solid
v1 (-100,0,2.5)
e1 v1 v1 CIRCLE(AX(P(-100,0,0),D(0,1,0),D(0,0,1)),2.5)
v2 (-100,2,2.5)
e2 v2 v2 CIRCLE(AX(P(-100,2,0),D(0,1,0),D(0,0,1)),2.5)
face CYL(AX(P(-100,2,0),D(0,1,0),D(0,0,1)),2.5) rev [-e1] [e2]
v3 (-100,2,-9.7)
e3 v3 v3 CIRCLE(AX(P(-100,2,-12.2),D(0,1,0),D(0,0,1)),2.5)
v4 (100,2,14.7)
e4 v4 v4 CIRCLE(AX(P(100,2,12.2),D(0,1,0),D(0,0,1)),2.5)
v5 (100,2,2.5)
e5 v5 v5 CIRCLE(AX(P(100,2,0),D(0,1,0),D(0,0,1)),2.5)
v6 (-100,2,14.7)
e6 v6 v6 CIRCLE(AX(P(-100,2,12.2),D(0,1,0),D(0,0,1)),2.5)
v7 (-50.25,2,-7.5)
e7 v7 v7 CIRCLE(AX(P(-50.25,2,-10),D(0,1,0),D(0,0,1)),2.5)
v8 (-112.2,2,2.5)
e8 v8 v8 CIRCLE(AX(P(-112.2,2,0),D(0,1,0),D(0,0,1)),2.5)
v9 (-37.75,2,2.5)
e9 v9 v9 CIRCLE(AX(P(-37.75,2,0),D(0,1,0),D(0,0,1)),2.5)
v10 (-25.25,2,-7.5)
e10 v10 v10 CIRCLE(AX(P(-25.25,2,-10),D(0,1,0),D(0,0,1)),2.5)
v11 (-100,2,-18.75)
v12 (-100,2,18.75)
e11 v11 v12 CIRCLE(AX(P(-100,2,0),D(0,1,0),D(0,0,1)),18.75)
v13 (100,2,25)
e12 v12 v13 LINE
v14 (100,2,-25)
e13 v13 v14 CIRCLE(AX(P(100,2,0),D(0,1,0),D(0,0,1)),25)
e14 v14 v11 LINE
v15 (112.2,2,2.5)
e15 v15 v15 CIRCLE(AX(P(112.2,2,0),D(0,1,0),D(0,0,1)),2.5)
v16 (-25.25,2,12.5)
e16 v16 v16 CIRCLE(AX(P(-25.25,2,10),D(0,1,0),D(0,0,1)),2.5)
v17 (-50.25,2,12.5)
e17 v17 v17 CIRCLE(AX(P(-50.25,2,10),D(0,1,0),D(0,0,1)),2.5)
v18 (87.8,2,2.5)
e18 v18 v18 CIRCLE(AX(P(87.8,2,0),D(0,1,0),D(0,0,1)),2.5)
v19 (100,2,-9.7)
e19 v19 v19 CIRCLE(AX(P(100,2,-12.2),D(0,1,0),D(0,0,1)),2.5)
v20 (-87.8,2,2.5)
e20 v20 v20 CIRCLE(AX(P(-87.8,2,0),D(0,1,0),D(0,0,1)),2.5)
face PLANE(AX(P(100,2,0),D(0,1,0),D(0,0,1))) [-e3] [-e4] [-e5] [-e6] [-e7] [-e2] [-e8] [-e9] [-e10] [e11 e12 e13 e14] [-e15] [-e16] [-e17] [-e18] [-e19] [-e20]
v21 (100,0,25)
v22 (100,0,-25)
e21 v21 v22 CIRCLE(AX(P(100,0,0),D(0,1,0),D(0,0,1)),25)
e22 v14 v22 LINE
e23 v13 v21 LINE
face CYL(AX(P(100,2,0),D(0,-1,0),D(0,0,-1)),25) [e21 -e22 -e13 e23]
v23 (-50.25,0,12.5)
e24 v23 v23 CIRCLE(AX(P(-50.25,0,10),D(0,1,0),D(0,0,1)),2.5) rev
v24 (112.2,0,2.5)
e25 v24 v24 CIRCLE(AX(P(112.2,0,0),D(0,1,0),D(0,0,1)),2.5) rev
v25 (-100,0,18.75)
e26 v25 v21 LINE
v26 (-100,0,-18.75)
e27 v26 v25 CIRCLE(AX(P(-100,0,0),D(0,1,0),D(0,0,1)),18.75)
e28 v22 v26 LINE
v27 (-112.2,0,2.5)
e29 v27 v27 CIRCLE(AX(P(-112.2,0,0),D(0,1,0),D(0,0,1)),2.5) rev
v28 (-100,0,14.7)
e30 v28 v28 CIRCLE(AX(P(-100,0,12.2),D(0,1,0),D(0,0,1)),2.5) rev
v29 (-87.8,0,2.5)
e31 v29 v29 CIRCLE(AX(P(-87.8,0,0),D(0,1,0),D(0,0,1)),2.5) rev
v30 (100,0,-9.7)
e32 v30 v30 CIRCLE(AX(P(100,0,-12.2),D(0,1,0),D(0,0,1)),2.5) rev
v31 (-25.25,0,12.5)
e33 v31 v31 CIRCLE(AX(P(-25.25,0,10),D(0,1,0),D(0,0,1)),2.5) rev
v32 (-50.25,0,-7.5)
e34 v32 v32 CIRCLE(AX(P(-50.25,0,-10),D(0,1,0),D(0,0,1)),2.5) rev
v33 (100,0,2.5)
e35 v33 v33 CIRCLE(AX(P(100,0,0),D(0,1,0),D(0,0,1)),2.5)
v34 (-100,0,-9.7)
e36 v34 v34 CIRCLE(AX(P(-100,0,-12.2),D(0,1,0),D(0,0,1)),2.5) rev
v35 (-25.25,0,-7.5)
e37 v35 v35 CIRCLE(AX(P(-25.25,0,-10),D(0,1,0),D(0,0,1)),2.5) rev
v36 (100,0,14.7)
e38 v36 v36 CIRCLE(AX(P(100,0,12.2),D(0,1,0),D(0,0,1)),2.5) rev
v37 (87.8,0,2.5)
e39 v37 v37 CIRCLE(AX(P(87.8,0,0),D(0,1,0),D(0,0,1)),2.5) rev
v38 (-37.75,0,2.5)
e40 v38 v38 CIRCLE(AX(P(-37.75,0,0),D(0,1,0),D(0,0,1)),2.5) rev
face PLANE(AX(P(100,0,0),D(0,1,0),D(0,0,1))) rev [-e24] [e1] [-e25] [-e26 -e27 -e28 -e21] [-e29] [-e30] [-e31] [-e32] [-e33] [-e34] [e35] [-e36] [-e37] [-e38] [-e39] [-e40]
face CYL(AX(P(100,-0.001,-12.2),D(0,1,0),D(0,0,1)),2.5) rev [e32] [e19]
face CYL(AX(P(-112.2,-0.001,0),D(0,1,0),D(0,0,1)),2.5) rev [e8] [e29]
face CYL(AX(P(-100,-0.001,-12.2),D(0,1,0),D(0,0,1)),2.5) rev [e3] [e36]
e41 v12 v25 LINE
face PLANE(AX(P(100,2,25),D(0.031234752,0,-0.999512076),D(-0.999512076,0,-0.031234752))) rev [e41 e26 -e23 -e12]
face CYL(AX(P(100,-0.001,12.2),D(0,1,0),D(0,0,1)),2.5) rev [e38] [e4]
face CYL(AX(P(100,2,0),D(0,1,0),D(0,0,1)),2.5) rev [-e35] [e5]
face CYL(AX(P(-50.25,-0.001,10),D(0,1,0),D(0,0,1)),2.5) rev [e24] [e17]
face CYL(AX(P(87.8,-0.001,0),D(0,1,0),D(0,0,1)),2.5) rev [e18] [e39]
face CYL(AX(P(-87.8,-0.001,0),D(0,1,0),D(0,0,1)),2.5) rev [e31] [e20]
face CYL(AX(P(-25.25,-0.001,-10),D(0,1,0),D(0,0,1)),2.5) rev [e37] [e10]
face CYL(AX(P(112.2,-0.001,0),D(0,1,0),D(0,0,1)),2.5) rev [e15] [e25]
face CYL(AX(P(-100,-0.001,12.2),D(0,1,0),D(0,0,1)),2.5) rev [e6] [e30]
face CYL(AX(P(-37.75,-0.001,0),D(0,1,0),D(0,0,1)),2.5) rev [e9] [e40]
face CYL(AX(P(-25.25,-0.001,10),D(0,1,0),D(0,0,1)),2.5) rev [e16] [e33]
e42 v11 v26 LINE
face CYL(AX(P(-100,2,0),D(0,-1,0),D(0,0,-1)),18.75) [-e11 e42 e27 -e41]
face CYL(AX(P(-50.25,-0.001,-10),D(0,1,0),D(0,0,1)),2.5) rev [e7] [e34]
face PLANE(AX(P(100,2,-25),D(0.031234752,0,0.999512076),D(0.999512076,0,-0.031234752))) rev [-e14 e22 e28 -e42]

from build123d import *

# Parameters (mm, degrees)
BOSS_EXTRUDE1_DEPTH       = 2
F_5_0MM_DOWEL_HOLE1_D     = 5
F_5_0MM_DOWEL_HOLE1_DEPTH = 2
CUT_EXTRUDE1_REACH        = 4
SKETCH4_R                 = 2.5
CUT_EXTRUDE2_REACH        = 4
SKETCH16_R                = 2.5


with BuildPart() as part:
    # Sketch2 → Boss-Extrude1 (new body)
    with BuildSketch(Plane(origin=(0, 0, 0), x_dir=(1, 0, 0), z_dir=(0, 1, 0))):
        with BuildLine():
            Line((100, 25), (-100, 18.75))
            ThreePointArc((-100, 18.75), (-118.75, 0), (-100, -18.75))
            Line((-100, -18.75), (100, -25))
            ThreePointArc((100, -25), (125, 0), (100, 25))
        make_face()
    extrude(amount=BOSS_EXTRUDE1_DEPTH)

    # Ø5.0mm Dowel Hole1
    with Locations(Plane(origin=(0, 2, 0), x_dir=(1, 0, 0), z_dir=(0, 1, 0))):
        with Locations((100, 0), (-100, 0)):
            Hole(F_5_0MM_DOWEL_HOLE1_D / 2, depth=F_5_0MM_DOWEL_HOLE1_DEPTH)

    # Sketch4 → Cut-Extrude1 (cut, up to next)
    with BuildSketch(Plane(origin=(0, 2, 0), x_dir=(1, 0, 0), z_dir=(0, 1, 0)), mode=Mode.PRIVATE) as cut_extrude1_sk1:
        with Locations((100, 12.2)):
            Circle(SKETCH4_R)
    cut_extrude1_tool1 = extrude(cut_extrude1_sk1.sketch, amount=-CUT_EXTRUDE1_REACH, mode=Mode.PRIVATE) & part.part
    add(cut_extrude1_tool1.solids().sort_by_distance((100, 2, -12.2))[0], mode=Mode.SUBTRACT)
    # Sketch4 → Cut-Extrude1 (cut, up to next)
    with BuildSketch(Plane(origin=(0, 2, 0), x_dir=(1, 0, 0), z_dir=(0, 1, 0)), mode=Mode.PRIVATE) as cut_extrude1_sk2:
        with Locations((100, -12.2)):
            Circle(SKETCH4_R)
    cut_extrude1_tool2 = extrude(cut_extrude1_sk2.sketch, amount=-CUT_EXTRUDE1_REACH, mode=Mode.PRIVATE) & part.part
    add(cut_extrude1_tool2.solids().sort_by_distance((100, 2, 12.2))[0], mode=Mode.SUBTRACT)
    # Sketch4 → Cut-Extrude1 (cut, up to next)
    with BuildSketch(Plane(origin=(0, 2, 0), x_dir=(1, 0, 0), z_dir=(0, 1, 0)), mode=Mode.PRIVATE) as cut_extrude1_sk3:
        with Locations((112.2, 0)):
            Circle(SKETCH4_R)
    cut_extrude1_tool3 = extrude(cut_extrude1_sk3.sketch, amount=-CUT_EXTRUDE1_REACH, mode=Mode.PRIVATE) & part.part
    add(cut_extrude1_tool3.solids().sort_by_distance((112.2, 2, 0))[0], mode=Mode.SUBTRACT)
    # Sketch4 → Cut-Extrude1 (cut, up to next)
    with BuildSketch(Plane(origin=(0, 2, 0), x_dir=(1, 0, 0), z_dir=(0, 1, 0)), mode=Mode.PRIVATE) as cut_extrude1_sk4:
        with Locations((87.8, 0)):
            Circle(SKETCH4_R)
    cut_extrude1_tool4 = extrude(cut_extrude1_sk4.sketch, amount=-CUT_EXTRUDE1_REACH, mode=Mode.PRIVATE) & part.part
    add(cut_extrude1_tool4.solids().sort_by_distance((87.8, 2, 0))[0], mode=Mode.SUBTRACT)
    # Sketch4 → Cut-Extrude1 (cut, up to next)
    with BuildSketch(Plane(origin=(0, 2, 0), x_dir=(1, 0, 0), z_dir=(0, 1, 0)), mode=Mode.PRIVATE) as cut_extrude1_sk5:
        with Locations((-100, 12.2)):
            Circle(SKETCH4_R)
    cut_extrude1_tool5 = extrude(cut_extrude1_sk5.sketch, amount=-CUT_EXTRUDE1_REACH, mode=Mode.PRIVATE) & part.part
    add(cut_extrude1_tool5.solids().sort_by_distance((-100, 2, -12.2))[0], mode=Mode.SUBTRACT)
    # Sketch4 → Cut-Extrude1 (cut, up to next)
    with BuildSketch(Plane(origin=(0, 2, 0), x_dir=(1, 0, 0), z_dir=(0, 1, 0)), mode=Mode.PRIVATE) as cut_extrude1_sk6:
        with Locations((-87.8, 0)):
            Circle(SKETCH4_R)
    cut_extrude1_tool6 = extrude(cut_extrude1_sk6.sketch, amount=-CUT_EXTRUDE1_REACH, mode=Mode.PRIVATE) & part.part
    add(cut_extrude1_tool6.solids().sort_by_distance((-87.8, 2, 0))[0], mode=Mode.SUBTRACT)
    # Sketch4 → Cut-Extrude1 (cut, up to next)
    with BuildSketch(Plane(origin=(0, 2, 0), x_dir=(1, 0, 0), z_dir=(0, 1, 0)), mode=Mode.PRIVATE) as cut_extrude1_sk7:
        with Locations((-112.2, 0)):
            Circle(SKETCH4_R)
    cut_extrude1_tool7 = extrude(cut_extrude1_sk7.sketch, amount=-CUT_EXTRUDE1_REACH, mode=Mode.PRIVATE) & part.part
    add(cut_extrude1_tool7.solids().sort_by_distance((-112.2, 2, 0))[0], mode=Mode.SUBTRACT)
    # Sketch4 → Cut-Extrude1 (cut, up to next)
    with BuildSketch(Plane(origin=(0, 2, 0), x_dir=(1, 0, 0), z_dir=(0, 1, 0)), mode=Mode.PRIVATE) as cut_extrude1_sk8:
        with Locations((-100, -12.2)):
            Circle(SKETCH4_R)
    cut_extrude1_tool8 = extrude(cut_extrude1_sk8.sketch, amount=-CUT_EXTRUDE1_REACH, mode=Mode.PRIVATE) & part.part
    add(cut_extrude1_tool8.solids().sort_by_distance((-100, 2, 12.2))[0], mode=Mode.SUBTRACT)

    # Sketch16 → Cut-Extrude2 (cut, up to next)
    with BuildSketch(Plane(origin=(0, 2, 0), x_dir=(1, 0, 0), z_dir=(0, 1, 0)), mode=Mode.PRIVATE) as cut_extrude2_sk1:
        with Locations((-37.749999999, 0)):
            Circle(SKETCH16_R)
    cut_extrude2_tool1 = extrude(cut_extrude2_sk1.sketch, amount=-CUT_EXTRUDE2_REACH, mode=Mode.PRIVATE) & part.part
    add(cut_extrude2_tool1.solids().sort_by_distance((-37.75, 2, 0))[0], mode=Mode.SUBTRACT)
    # Sketch16 → Cut-Extrude2 (cut, up to next)
    with BuildSketch(Plane(origin=(0, 2, 0), x_dir=(1, 0, 0), z_dir=(0, 1, 0)), mode=Mode.PRIVATE) as cut_extrude2_sk2:
        with Locations((-25.249999999, 10)):
            Circle(SKETCH16_R)
    cut_extrude2_tool2 = extrude(cut_extrude2_sk2.sketch, amount=-CUT_EXTRUDE2_REACH, mode=Mode.PRIVATE) & part.part
    add(cut_extrude2_tool2.solids().sort_by_distance((-25.25, 2, -10))[0], mode=Mode.SUBTRACT)
    # Sketch16 → Cut-Extrude2 (cut, up to next)
    with BuildSketch(Plane(origin=(0, 2, 0), x_dir=(1, 0, 0), z_dir=(0, 1, 0)), mode=Mode.PRIVATE) as cut_extrude2_sk3:
        with Locations((-25.249999999, -10)):
            Circle(SKETCH16_R)
    cut_extrude2_tool3 = extrude(cut_extrude2_sk3.sketch, amount=-CUT_EXTRUDE2_REACH, mode=Mode.PRIVATE) & part.part
    add(cut_extrude2_tool3.solids().sort_by_distance((-25.25, 2, 10))[0], mode=Mode.SUBTRACT)
    # Sketch16 → Cut-Extrude2 (cut, up to next)
    with BuildSketch(Plane(origin=(0, 2, 0), x_dir=(1, 0, 0), z_dir=(0, 1, 0)), mode=Mode.PRIVATE) as cut_extrude2_sk4:
        with Locations((-50.249999999, 10)):
            Circle(SKETCH16_R)
    cut_extrude2_tool4 = extrude(cut_extrude2_sk4.sketch, amount=-CUT_EXTRUDE2_REACH, mode=Mode.PRIVATE) & part.part
    add(cut_extrude2_tool4.solids().sort_by_distance((-50.25, 2, -10))[0], mode=Mode.SUBTRACT)
    # Sketch16 → Cut-Extrude2 (cut, up to next)
    with BuildSketch(Plane(origin=(0, 2, 0), x_dir=(1, 0, 0), z_dir=(0, 1, 0)), mode=Mode.PRIVATE) as cut_extrude2_sk5:
        with Locations((-50.249999999, -10)):
            Circle(SKETCH16_R)
    cut_extrude2_tool5 = extrude(cut_extrude2_sk5.sketch, amount=-CUT_EXTRUDE2_REACH, mode=Mode.PRIVATE) & part.part
    add(cut_extrude2_tool5.solids().sort_by_distance((-50.25, 2, 10))[0], mode=Mode.SUBTRACT)


solid = part.part
